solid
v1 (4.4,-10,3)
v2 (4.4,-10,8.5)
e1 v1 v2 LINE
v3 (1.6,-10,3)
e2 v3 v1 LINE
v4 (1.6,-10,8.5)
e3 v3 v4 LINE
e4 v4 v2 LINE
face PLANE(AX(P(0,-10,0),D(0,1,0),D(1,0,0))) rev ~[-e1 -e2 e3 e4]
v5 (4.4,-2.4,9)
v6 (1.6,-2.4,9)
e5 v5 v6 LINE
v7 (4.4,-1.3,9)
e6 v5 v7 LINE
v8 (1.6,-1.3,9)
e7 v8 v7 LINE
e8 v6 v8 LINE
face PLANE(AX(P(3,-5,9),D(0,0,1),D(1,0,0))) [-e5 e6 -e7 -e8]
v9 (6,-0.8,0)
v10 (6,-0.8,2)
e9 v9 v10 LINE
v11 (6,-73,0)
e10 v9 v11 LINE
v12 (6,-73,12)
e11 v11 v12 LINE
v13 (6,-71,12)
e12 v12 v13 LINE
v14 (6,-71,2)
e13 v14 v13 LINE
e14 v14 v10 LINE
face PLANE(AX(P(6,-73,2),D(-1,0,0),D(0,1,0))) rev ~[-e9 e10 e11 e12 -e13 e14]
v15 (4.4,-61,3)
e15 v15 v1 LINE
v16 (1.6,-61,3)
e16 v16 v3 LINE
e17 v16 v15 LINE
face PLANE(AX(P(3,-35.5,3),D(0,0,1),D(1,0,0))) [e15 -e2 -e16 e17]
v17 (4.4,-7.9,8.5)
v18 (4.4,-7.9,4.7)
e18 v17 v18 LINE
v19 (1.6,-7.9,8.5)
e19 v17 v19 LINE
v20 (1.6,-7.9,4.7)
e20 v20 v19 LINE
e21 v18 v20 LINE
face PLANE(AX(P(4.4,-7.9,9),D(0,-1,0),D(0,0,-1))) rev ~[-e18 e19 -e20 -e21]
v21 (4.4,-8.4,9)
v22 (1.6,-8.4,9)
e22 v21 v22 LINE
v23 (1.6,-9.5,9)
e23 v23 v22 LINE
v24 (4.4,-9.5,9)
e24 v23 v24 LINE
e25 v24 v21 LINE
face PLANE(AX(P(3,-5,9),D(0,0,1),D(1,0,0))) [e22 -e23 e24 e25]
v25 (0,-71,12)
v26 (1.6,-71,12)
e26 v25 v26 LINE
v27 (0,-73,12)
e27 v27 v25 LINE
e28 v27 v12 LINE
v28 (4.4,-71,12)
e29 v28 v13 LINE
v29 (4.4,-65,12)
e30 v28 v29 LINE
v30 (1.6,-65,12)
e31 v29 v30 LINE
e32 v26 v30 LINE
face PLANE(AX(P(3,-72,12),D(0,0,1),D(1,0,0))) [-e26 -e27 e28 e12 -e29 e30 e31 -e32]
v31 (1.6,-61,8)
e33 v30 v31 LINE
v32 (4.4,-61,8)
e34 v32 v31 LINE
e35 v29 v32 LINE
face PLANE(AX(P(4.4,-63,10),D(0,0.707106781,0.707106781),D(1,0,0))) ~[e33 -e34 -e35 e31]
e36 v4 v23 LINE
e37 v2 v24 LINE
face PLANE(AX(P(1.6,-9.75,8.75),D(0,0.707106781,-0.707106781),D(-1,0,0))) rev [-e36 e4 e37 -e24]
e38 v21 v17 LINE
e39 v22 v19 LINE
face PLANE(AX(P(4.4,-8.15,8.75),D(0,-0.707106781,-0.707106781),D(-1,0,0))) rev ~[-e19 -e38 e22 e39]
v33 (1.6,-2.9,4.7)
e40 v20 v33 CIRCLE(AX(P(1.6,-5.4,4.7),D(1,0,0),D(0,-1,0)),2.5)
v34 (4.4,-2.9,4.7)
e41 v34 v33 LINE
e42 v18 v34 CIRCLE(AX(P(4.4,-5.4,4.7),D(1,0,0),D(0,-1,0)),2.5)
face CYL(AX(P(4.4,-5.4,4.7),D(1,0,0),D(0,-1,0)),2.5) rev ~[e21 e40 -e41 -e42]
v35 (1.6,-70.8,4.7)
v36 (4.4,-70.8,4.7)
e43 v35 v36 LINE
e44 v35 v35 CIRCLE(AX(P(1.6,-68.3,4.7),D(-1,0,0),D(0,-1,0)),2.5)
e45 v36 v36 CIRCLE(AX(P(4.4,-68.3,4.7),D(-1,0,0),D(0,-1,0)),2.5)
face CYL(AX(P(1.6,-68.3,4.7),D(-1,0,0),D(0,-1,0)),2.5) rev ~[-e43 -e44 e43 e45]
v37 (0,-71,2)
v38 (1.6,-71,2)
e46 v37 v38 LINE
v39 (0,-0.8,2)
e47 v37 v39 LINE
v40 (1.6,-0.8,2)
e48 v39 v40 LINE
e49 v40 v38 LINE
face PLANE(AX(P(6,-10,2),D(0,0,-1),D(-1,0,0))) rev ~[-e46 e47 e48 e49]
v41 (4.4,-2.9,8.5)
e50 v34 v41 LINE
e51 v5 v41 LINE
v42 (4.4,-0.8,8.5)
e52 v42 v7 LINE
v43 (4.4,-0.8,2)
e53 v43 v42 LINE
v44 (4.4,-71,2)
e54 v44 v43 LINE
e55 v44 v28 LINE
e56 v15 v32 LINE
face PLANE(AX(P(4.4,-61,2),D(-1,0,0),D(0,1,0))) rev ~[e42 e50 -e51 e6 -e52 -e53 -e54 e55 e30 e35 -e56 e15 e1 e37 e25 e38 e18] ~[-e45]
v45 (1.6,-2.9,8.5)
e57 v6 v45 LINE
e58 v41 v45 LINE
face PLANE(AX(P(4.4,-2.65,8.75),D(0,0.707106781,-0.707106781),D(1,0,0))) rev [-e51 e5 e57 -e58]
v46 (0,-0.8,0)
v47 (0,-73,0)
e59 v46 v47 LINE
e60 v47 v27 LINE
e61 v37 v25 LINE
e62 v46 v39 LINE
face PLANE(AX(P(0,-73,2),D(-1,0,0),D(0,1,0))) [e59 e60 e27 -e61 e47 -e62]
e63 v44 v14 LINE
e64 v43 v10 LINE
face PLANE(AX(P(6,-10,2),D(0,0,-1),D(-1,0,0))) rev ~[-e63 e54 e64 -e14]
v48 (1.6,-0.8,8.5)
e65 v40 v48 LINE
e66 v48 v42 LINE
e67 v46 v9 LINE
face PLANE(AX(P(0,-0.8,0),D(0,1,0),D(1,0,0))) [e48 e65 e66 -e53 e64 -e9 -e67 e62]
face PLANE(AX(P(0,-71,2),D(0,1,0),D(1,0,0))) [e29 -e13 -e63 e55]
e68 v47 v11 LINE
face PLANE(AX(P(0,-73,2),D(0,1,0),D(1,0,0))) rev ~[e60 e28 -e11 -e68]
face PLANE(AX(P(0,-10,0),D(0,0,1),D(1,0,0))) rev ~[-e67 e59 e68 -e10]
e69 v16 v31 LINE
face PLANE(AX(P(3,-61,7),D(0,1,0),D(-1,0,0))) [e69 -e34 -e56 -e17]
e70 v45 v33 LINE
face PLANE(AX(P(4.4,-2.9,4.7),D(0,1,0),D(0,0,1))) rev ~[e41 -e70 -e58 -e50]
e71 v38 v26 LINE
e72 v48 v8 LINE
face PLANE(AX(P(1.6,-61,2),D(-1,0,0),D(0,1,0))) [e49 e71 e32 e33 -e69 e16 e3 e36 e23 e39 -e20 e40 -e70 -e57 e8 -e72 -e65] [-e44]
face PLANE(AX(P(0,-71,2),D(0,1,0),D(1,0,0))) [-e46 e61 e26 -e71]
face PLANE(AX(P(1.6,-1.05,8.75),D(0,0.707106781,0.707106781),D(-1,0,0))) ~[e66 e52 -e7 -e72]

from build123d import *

# Parameters (mm, degrees)
F0_W      = 6
F0_H      = 10
F1_DEPTH  = 2
F2_W      = 2.8
F2_H      = 10
F3_DEPTH  = 10
F4_DEPTH  = 3
F5_DEPTH  = 0.8
F7_DEPTH  = 25
F8_SIZE   = 0.5
F10_DEPTH = 63
F11_W     = 6
F11_H     = 2
F12_DEPTH = 10
F13_W     = 2.8
F13_H     = 10
F14_DEPTH = 10
F15_R     = 2.5
F16_DEPTH = 25
F17_SIZE  = 4
F18_W     = 2.8
F18_H     = 51
F19_DEPTH = 1


with BuildPart() as f1:
    # F0 (on Top) → F1 (new body)
    with BuildSketch(Plane.XY):
        with Locations((3, -5)):
            Rectangle(F0_W, F0_H)
    extrude(amount=F1_DEPTH)

    # F2 (on face) → F3 (join)
    with BuildSketch(Plane.XY.offset(2)):
        with Locations((3, -5)):
            Rectangle(F2_W, F2_H)
    extrude(amount=F3_DEPTH)

    # F4 (cut): a face of the model
    f4_faces = [f1.faces().sort_by_distance(p)[0] for p in [
        (3, -5, 12),
    ]]
    extrude(f4_faces, amount=-F4_DEPTH, mode=Mode.SUBTRACT)

    # F5 (cut): a face of the model
    f5_faces = [f1.faces().sort_by_distance(p)[0] for p in [
        (3, 0, 3.7911392405),
    ]]
    extrude(f5_faces, amount=-F5_DEPTH, mode=Mode.SUBTRACT)

    # F6 (on face) → F7 (cut)
    with BuildSketch(Plane.YZ.offset(4.4)):
        with BuildLine():
            Line((-7.9, 9), (-7.9, 4.7))
            ThreePointArc((-7.9, 4.7), (-5.4, 2.2), (-2.9, 4.7))
            Line((-2.9, 4.7), (-2.9, 9))
            Line((-2.9, 9), (-7.9, 9))
        make_face()
    extrude(amount=-F7_DEPTH, mode=Mode.SUBTRACT)

    # F8
    f8_edges = [f1.edges().sort_by_distance(p)[0] for p in [
        (3, -7.9, 9),
        (3, -2.9, 9),
        (3, -10, 9),
        (3, -0.8, 9),
    ]]
    chamfer(f8_edges, length=F8_SIZE)

    # F9 (on face) → F10 (join)
    with BuildSketch(Plane.XZ.offset(10)):
        Polygon((1.6, 2), (0, 2), (0, 0), (6, 0), (6, 2), (4.4, 2), align=None)
    extrude(amount=F10_DEPTH)

    # F11 (on face) → F12 (join)
    with BuildSketch(Plane.XY.offset(2)):
        with Locations((3, -72)):
            Rectangle(F11_W, F11_H)
    extrude(amount=F12_DEPTH)

    # F13 (on face) → F14 (join)
    with BuildSketch(Plane(origin=(0, -71, 0), x_dir=(-1, 0, 0), z_dir=(0, 1, 0))):
        with Locations((-3, 7)):
            Rectangle(F13_W, F13_H)
    extrude(amount=F14_DEPTH)

    # F15 (on face) → F16 (cut)
    with BuildSketch(Plane(origin=(1.6, 0, 0), x_dir=(0, -1, 0), z_dir=(-1, 0, 0))):
        with Locations((68.3, 4.7)):
            Circle(F15_R)
    extrude(amount=-F16_DEPTH, mode=Mode.SUBTRACT)

    # F17
    f17_edges = [f1.edges().sort_by_distance(p)[0] for p in [
        (3, -61, 12),
    ]]
    chamfer(f17_edges, length=F17_SIZE)

    # F18 (on face) → F19 (join)
    with BuildSketch(Plane.XY.offset(2)):
        with Locations((3, -35.5)):
            Rectangle(F18_W, F18_H)
    extrude(amount=F19_DEPTH)


solid = f1.part
